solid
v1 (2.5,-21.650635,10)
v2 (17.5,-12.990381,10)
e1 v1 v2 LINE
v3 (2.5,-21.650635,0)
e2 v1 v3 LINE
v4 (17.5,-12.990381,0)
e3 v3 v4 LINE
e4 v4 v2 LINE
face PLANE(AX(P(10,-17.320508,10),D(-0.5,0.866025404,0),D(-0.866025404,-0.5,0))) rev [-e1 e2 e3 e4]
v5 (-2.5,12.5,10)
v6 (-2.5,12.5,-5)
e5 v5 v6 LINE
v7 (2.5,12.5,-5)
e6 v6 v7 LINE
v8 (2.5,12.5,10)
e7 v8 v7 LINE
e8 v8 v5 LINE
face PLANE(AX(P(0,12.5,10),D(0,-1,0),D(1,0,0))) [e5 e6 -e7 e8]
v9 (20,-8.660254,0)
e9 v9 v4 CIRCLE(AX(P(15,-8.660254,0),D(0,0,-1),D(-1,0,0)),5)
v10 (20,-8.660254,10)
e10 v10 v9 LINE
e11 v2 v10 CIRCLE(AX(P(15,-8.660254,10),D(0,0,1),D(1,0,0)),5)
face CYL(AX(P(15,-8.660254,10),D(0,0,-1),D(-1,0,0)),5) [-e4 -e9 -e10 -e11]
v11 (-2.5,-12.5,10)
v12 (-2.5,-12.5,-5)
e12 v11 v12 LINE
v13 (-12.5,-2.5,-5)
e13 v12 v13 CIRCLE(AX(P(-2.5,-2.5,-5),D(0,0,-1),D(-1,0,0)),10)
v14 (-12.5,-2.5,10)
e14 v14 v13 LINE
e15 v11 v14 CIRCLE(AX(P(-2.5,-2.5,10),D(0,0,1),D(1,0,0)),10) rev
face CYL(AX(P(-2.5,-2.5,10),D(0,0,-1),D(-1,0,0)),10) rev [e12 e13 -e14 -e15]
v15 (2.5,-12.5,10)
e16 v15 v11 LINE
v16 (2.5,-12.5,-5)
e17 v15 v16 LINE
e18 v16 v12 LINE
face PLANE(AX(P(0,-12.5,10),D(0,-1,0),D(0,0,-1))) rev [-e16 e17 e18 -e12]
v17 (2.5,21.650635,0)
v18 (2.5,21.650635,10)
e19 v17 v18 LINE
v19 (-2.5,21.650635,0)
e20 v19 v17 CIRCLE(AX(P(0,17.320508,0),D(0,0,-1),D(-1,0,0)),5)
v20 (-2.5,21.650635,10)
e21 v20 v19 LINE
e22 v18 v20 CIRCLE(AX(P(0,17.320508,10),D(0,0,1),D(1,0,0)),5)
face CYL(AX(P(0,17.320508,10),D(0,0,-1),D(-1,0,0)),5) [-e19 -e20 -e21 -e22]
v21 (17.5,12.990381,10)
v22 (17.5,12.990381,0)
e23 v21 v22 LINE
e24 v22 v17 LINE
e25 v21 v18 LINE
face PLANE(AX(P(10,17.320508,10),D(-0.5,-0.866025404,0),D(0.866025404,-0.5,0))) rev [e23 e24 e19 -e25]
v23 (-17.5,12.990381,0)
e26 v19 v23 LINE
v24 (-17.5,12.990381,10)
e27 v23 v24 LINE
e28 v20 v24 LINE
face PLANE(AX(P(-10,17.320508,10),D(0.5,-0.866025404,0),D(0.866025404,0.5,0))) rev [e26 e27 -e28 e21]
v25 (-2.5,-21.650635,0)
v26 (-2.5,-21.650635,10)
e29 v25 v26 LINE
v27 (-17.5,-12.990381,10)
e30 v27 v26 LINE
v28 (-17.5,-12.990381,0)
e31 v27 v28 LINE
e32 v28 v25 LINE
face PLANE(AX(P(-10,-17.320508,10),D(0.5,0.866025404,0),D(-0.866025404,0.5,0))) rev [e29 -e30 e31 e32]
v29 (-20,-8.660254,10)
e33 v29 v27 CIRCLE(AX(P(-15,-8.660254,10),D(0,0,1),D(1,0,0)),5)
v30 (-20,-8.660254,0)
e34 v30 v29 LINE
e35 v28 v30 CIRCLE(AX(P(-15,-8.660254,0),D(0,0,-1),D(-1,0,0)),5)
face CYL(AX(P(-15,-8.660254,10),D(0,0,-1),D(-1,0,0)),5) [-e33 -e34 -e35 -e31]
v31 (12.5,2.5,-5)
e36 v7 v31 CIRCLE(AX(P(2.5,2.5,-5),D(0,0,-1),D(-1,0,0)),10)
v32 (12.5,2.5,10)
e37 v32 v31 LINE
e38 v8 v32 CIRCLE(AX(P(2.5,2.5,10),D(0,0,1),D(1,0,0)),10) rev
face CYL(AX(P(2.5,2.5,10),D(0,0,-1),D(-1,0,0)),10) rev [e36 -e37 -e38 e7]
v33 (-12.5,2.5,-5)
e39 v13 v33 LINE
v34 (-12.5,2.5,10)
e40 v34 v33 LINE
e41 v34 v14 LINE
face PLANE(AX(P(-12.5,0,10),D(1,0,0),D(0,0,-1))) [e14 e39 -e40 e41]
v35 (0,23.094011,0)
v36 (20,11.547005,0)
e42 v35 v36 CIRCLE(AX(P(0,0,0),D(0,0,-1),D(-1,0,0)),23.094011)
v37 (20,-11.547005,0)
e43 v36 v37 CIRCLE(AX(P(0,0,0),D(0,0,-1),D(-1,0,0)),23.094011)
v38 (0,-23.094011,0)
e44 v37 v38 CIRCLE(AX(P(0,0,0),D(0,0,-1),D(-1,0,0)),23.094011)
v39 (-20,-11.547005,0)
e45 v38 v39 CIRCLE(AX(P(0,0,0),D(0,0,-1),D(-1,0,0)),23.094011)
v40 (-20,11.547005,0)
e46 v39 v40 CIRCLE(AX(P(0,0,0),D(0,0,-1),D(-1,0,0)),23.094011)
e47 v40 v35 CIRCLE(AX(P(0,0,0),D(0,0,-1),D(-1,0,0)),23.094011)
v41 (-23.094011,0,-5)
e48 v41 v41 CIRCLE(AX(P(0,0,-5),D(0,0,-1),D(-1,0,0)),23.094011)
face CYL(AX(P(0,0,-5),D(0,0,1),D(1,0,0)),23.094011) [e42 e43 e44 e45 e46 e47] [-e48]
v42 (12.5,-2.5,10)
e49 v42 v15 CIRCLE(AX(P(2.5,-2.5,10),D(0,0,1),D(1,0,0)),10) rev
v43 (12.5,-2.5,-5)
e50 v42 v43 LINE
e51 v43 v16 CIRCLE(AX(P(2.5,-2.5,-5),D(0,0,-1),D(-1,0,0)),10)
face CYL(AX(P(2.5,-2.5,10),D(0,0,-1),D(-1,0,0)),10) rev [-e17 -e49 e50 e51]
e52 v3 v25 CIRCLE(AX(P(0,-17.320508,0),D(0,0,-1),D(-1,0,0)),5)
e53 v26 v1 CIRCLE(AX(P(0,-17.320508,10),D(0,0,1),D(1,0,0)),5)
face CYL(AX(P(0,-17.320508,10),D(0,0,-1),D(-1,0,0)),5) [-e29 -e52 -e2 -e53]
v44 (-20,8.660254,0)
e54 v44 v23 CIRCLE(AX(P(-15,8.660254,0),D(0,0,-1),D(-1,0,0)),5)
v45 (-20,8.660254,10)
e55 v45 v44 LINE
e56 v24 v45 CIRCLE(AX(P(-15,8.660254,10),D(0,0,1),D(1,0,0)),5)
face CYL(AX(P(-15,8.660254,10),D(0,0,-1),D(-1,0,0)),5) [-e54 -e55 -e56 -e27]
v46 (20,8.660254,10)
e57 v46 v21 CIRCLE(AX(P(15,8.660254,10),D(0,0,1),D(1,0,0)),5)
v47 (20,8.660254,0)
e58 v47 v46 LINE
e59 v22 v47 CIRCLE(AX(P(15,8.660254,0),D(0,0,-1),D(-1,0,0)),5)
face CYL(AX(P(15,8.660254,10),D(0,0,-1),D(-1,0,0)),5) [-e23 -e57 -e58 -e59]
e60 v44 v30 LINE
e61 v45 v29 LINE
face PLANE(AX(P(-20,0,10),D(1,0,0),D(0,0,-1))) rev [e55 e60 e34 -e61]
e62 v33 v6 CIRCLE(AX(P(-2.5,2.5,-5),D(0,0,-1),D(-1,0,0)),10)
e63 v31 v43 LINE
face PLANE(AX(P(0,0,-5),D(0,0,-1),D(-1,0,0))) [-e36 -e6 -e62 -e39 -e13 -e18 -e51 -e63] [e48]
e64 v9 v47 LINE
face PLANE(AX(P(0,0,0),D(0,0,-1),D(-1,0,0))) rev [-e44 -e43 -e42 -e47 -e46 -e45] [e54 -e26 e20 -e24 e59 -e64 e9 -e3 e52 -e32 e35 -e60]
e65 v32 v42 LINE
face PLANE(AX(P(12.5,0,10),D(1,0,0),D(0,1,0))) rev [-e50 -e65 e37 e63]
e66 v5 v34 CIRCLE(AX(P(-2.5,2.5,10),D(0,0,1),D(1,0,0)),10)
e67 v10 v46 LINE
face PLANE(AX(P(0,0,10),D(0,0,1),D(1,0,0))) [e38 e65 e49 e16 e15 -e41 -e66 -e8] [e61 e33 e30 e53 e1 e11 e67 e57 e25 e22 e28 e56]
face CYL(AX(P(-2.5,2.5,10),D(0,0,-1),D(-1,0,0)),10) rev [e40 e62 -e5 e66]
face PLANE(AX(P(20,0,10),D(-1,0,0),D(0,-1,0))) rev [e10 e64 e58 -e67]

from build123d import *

# Parameters (mm, degrees)
BOSS_EXTRUDE1_DEPTH = 10
SKETCH2_R           = 23.094010768
BOSS_EXTRUDE2_DEPTH = 5
FILLET1_R           = 5


with BuildPart() as part:
    # Sketch1 → Boss-Extrude1 (new body)
    with BuildSketch(Plane.XY):
        Polygon((20, -11.547005384), (20, 11.547005384), (0, 23.094010768), (-20, 11.547005384), (-20, -11.547005384), (0, -23.094010768), align=None)
        with BuildLine():
            Line((2.5, -12.5), (-2.5, -12.5))
            ThreePointArc((-2.5, -12.5), (-9.571067812, -9.571067812), (-12.5, -2.5))
            Line((-12.5, -2.5), (-12.5, 2.5))
            ThreePointArc((-12.5, 2.5), (-9.571067812, 9.571067812), (-2.5, 12.5))
            Line((-2.5, 12.5), (2.5, 12.5))
            ThreePointArc((2.5, 12.5), (9.571067812, 9.571067812), (12.5, 2.5))
            Line((12.5, 2.5), (12.5, -2.5))
            ThreePointArc((12.5, -2.5), (9.571067812, -9.571067812), (2.5, -12.5))
        make_face(mode=Mode.SUBTRACT)
    extrude(amount=BOSS_EXTRUDE1_DEPTH)

    # Sketch2 → Boss-Extrude2 (add)
    with BuildSketch(Plane(origin=(0, 0, 0), x_dir=(-1, 0, 0), z_dir=(0, 0, -1))):
        Circle(SKETCH2_R)
        with BuildLine():
            Line((-2.5, 12.5), (2.5, 12.5))
            ThreePointArc((2.5, 12.5), (9.571067812, 9.571067812), (12.5, 2.5))
            Line((12.5, 2.5), (12.5, -2.5))
            ThreePointArc((12.5, -2.5), (9.571067812, -9.571067812), (2.5, -12.5))
            Line((2.5, -12.5), (-2.5, -12.5))
            ThreePointArc((-2.5, -12.5), (-9.571067812, -9.571067812), (-12.5, -2.5))
            Line((-12.5, -2.5), (-12.5, 2.5))
            ThreePointArc((-12.5, 2.5), (-9.571067812, 9.571067812), (-2.5, 12.5))
        make_face(mode=Mode.SUBTRACT)
    extrude(amount=BOSS_EXTRUDE2_DEPTH)

    # Fillet1
    fillet1_edges = [part.edges().sort_by_distance(p)[0] for p in [
        (20, -11.547005384, 5),
        (0, -23.094010768, 5),
        (-20, -11.547005384, 5),
        (-20, 11.547005384, 5),
        (0, 23.094010768, 5),
        (20, 11.547005384, 5),
    ]]
    fillet(fillet1_edges, radius=FILLET1_R)


solid = part.part
